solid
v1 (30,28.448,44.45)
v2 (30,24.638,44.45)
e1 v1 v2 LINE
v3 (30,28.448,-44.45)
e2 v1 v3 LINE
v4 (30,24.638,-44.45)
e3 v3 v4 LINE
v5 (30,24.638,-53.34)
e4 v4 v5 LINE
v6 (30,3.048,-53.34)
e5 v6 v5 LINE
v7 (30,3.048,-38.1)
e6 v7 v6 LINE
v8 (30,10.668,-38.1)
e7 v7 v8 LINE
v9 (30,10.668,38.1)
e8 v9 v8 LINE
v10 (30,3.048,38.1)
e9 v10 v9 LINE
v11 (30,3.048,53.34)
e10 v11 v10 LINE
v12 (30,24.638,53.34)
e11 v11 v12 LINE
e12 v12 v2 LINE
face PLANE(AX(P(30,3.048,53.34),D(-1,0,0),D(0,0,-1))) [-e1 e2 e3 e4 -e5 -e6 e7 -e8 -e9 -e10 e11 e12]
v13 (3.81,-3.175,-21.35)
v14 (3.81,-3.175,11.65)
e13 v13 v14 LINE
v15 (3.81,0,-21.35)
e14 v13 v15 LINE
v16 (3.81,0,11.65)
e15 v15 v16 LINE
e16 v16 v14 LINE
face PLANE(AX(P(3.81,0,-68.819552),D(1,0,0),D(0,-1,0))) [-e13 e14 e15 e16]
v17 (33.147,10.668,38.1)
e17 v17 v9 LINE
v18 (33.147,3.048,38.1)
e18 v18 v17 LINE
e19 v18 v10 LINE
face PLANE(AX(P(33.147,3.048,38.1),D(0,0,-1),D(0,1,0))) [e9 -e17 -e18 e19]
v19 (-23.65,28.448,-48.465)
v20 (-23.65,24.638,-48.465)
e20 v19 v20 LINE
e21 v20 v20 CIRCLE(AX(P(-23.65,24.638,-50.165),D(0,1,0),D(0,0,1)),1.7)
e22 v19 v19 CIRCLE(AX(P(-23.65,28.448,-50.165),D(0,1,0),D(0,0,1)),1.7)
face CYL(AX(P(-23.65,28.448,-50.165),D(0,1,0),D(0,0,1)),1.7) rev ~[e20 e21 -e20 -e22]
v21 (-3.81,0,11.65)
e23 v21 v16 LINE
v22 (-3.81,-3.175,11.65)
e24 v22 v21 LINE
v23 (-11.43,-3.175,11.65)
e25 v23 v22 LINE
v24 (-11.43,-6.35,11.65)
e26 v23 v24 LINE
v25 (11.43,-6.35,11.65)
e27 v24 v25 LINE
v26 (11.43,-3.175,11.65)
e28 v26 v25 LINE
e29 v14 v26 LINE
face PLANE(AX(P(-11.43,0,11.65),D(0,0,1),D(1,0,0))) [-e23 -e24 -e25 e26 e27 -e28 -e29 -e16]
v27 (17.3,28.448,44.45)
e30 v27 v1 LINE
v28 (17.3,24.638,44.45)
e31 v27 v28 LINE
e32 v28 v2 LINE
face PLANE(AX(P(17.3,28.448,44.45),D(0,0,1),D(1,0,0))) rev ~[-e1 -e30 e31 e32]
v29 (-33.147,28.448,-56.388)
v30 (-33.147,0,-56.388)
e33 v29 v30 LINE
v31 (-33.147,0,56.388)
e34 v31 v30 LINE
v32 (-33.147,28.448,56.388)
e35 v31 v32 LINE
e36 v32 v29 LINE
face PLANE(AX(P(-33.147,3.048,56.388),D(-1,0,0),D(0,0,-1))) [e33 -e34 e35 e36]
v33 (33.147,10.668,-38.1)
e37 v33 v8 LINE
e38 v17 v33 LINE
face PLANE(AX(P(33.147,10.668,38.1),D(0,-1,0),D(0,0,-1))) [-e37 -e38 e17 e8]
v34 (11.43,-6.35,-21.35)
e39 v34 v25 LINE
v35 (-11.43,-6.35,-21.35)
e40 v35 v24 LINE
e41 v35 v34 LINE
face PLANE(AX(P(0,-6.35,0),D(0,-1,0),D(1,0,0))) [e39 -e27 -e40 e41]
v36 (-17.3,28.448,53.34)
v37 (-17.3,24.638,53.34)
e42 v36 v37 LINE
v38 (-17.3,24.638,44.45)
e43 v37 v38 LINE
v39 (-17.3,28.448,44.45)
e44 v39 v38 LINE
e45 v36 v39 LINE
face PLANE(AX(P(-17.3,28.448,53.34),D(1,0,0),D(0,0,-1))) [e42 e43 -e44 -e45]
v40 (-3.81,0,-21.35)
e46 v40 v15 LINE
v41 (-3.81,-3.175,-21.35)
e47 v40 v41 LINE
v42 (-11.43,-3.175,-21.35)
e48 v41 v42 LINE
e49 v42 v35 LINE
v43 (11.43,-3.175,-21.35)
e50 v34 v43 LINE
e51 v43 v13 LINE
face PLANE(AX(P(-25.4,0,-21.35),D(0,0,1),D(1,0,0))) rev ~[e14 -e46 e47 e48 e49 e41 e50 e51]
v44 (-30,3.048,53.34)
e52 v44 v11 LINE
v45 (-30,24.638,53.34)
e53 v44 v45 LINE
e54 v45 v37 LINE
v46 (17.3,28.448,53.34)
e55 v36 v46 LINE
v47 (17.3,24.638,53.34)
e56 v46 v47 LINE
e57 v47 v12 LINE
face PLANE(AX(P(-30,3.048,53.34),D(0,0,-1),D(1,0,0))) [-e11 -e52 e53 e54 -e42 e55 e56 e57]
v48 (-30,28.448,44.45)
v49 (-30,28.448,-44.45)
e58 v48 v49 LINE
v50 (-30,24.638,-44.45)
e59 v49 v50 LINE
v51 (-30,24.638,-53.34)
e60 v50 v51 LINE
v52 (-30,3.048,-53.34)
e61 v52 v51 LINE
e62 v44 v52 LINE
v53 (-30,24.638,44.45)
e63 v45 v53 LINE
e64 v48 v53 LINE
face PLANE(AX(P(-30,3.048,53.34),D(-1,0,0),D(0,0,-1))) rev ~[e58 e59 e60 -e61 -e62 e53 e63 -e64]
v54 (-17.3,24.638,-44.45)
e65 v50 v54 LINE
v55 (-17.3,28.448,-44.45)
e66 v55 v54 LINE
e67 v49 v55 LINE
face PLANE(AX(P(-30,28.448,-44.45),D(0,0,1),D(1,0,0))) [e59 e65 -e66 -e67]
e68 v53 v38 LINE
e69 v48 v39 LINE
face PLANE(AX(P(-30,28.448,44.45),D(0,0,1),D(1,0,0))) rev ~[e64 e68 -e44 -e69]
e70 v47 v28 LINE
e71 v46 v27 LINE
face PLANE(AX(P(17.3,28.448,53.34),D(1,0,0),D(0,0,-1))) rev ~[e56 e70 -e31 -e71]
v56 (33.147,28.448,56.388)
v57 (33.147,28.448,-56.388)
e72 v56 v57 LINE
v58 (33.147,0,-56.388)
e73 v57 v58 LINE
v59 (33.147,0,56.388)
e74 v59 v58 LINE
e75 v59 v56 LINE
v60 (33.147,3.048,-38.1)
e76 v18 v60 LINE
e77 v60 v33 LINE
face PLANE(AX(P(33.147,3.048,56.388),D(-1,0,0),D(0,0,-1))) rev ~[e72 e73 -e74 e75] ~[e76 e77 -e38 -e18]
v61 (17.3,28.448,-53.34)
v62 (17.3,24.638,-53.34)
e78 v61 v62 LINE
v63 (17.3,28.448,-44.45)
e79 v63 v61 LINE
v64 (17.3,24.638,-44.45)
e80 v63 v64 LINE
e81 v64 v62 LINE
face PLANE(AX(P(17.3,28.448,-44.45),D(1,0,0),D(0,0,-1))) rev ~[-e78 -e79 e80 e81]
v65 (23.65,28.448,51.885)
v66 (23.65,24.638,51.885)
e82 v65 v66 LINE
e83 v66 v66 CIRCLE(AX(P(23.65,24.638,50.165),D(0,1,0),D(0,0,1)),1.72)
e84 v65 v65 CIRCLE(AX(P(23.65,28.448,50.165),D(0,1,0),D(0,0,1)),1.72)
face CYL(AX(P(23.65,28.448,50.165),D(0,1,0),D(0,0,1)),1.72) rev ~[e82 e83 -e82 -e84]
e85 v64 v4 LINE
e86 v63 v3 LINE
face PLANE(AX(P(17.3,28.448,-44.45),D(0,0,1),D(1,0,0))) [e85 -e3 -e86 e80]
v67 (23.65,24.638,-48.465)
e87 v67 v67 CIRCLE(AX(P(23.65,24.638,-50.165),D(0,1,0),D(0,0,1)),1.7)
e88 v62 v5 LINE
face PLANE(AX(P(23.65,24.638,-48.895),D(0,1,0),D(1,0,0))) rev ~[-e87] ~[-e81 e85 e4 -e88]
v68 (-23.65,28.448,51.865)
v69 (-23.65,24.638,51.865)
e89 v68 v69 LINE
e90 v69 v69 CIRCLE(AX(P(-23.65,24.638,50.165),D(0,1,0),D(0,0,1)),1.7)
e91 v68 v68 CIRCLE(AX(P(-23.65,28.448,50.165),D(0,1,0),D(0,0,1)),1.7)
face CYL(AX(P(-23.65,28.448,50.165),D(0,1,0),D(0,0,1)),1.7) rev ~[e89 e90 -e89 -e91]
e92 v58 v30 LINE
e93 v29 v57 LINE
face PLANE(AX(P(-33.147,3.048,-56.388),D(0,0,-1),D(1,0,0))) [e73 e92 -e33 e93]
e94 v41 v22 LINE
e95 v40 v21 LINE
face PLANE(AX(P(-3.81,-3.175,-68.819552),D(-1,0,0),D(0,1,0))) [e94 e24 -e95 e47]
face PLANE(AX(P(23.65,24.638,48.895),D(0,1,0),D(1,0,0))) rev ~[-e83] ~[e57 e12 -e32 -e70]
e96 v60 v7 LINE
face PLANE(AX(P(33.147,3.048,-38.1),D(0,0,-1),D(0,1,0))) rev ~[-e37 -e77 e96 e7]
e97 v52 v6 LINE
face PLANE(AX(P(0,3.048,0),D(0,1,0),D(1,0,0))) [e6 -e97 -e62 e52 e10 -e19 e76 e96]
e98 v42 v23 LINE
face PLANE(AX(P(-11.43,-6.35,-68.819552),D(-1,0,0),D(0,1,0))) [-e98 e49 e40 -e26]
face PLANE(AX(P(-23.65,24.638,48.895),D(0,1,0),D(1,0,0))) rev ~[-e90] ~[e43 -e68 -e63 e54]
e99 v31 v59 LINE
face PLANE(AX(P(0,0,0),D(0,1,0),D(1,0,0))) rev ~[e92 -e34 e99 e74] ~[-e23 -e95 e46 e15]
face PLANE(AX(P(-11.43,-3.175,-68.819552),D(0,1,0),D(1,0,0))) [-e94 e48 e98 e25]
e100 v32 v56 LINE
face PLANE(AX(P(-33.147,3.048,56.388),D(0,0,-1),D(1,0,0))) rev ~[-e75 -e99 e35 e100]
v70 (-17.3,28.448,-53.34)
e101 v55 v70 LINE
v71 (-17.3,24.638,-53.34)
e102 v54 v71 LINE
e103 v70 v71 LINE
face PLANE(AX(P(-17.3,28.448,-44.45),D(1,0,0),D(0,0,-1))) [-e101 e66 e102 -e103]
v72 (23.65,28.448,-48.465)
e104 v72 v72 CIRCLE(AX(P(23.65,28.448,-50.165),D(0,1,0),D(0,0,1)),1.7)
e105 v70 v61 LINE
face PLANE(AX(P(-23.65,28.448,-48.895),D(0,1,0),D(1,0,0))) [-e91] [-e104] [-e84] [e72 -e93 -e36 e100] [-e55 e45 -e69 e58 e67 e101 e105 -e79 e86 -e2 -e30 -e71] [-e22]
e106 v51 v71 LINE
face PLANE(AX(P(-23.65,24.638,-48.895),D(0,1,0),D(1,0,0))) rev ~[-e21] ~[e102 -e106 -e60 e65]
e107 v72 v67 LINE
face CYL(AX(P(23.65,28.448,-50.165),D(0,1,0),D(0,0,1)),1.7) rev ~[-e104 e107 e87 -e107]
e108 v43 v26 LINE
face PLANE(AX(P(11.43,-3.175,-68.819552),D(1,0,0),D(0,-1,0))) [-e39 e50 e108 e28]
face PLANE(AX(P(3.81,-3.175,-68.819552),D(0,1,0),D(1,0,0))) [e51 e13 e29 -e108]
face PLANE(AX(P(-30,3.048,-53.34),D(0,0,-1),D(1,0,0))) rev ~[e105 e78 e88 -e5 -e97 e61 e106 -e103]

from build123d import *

# Parameters (mm, degrees)
SKETCH1_W               = 66.294
SKETCH1_H               = 112.776
BOSS_EXTRUDE1_DEPTH     = 3.048
SKETCH2_W               = 66.294
SKETCH2_H               = 112.776
SKETCH2_W_2             = 60
SKETCH2_H_2             = 106.68
BOSS_EXTRUDE2_DEPTH     = 25.4
SKETCH3_W               = 12.7
SKETCH3_H               = 8.89
BOSS_EXTRUDE3_DEPTH     = 3.81
CUT_EXTRUDE1_REACH      = 93.563
SKETCH6_W               = 76.2
SKETCH6_H               = 7.62
SKETCH7_W               = 50.8
SKETCH7_H               = 42.7
BOSS_EXTRUDE4_DEPTH     = 6.35
CUT_EXTRUDE2_DEPTH      = 90.169551737
CUT_EXTRUDE2_DEPTH_BACK = 90.169551737
CUT_EXTRUDE3_START      = -6.35
SKETCH9_W               = 22.86
SKETCH9_H               = 9.7
CUT_EXTRUDE3_DEPTH      = 6.35
CUT_EXTRUDE4_REACH      = 76.089
SKETCH4_R               = 1.7
SKETCH4_R_2             = 1.72


with BuildPart() as part:
    # Sketch1 → Boss-Extrude1 (new body)
    with BuildSketch(Plane(origin=(0, 0, 0), x_dir=(1, 0, 0), z_dir=(0, 1, 0))):
        Rectangle(SKETCH1_W, SKETCH1_H)
    extrude(amount=BOSS_EXTRUDE1_DEPTH)

    # Sketch2 → Boss-Extrude2 (add)
    with BuildSketch(Plane(origin=(0, 3.048, 0), x_dir=(1, 0, 0), z_dir=(0, 1, 0))):
        Rectangle(SKETCH2_W, SKETCH2_H)
        Rectangle(SKETCH2_W_2, SKETCH2_H_2, mode=Mode.SUBTRACT)
    extrude(amount=BOSS_EXTRUDE2_DEPTH)

    # Sketch3 → Boss-Extrude3 (add)
    with BuildSketch(Plane(origin=(0, 28.448, 0), x_dir=(1, 0, 0), z_dir=(0, 1, 0))):
        with Locations((-23.65, 48.895)):
            Rectangle(SKETCH3_W, SKETCH3_H)
        with Locations((-23.65, -48.895)):
            Rectangle(SKETCH3_W, SKETCH3_H)
        with Locations((23.65, 48.895)):
            Rectangle(SKETCH3_W, SKETCH3_H)
        with Locations((23.65, -48.895)):
            Rectangle(SKETCH3_W, SKETCH3_H)
    extrude(amount=-BOSS_EXTRUDE3_DEPTH)

    # Sketch6 → Cut-Extrude1 (cut, up to next)
    with BuildSketch(Plane(origin=(33.147, 0, 0), x_dir=(0, 0, -1), z_dir=(1, 0, 0)), mode=Mode.PRIVATE) as cut_extrude1_sk1:
        with Locations((0, 6.858)):
            Rectangle(SKETCH6_W, SKETCH6_H)
    cut_extrude1_tool1 = extrude(cut_extrude1_sk1.sketch, amount=-CUT_EXTRUDE1_REACH, mode=Mode.PRIVATE) & part.part
    add(cut_extrude1_tool1.solids().sort_by_distance((33.147, 6.858, 0))[0], mode=Mode.SUBTRACT)

    # Sketch7 → Boss-Extrude4 (add)
    with BuildSketch(Plane.XZ):
        Rectangle(SKETCH7_W, SKETCH7_H)
    extrude(amount=BOSS_EXTRUDE4_DEPTH)

    # Sketch8 → Cut-Extrude2 (cut, two sides: drawn at the far end of the back side and taken through both)
    with BuildSketch(Plane.XY.offset(21.35).offset(-CUT_EXTRUDE2_DEPTH_BACK)):
        Polygon((-3.81, -3.175), (-3.81, 0), (-25.4, 0), (-25.4, -6.35), (-11.43, -6.35), (-11.43, -3.175), align=None)
        Polygon((25.4, 0), (3.81, 0), (3.81, -3.175), (11.43, -3.175), (11.43, -6.35), (25.4, -6.35), align=None)
    extrude(amount=CUT_EXTRUDE2_DEPTH + CUT_EXTRUDE2_DEPTH_BACK, mode=Mode.SUBTRACT)

    # Sketch9 → Cut-Extrude3 (cut)
    with BuildSketch(Plane.XZ.offset(6.35).offset(CUT_EXTRUDE3_START)):
        with Locations((0, 16.5)):
            Rectangle(SKETCH9_W, SKETCH9_H)
    extrude(amount=CUT_EXTRUDE3_DEPTH, mode=Mode.SUBTRACT)

    # Sketch4 → Cut-Extrude4 (cut, up to next)
    with BuildSketch(Plane(origin=(0, 28.448, 0), x_dir=(1, 0, 0), z_dir=(0, 1, 0)), mode=Mode.PRIVATE) as cut_extrude4_sk1:
        with Locations(Location((-23.65, 50.165, 0), (0, 0, 270))):
            Circle(SKETCH4_R)
    cut_extrude4_tool1 = extrude(cut_extrude4_sk1.sketch, amount=-CUT_EXTRUDE4_REACH, mode=Mode.PRIVATE) & part.part
    # Sketch4 → Cut-Extrude4 (cut, up to next)
    with BuildSketch(Plane(origin=(0, 28.448, 0), x_dir=(1, 0, 0), z_dir=(0, 1, 0)), mode=Mode.PRIVATE) as cut_extrude4_sk2:
        with Locations(Location((23.65, 50.165, 0), (0, 0, 270))):
            Circle(SKETCH4_R)
    cut_extrude4_tool2 = extrude(cut_extrude4_sk2.sketch, amount=-CUT_EXTRUDE4_REACH, mode=Mode.PRIVATE) & part.part
    # Sketch4 → Cut-Extrude4 (cut, up to next)
    with BuildSketch(Plane(origin=(0, 28.448, 0), x_dir=(1, 0, 0), z_dir=(0, 1, 0)), mode=Mode.PRIVATE) as cut_extrude4_sk3:
        with Locations(Location((23.65, -50.165, 0), (0, 0, 270))):
            Circle(SKETCH4_R_2)
    cut_extrude4_tool3 = extrude(cut_extrude4_sk3.sketch, amount=-CUT_EXTRUDE4_REACH, mode=Mode.PRIVATE) & part.part
    # Sketch4 → Cut-Extrude4 (cut, up to next)
    with BuildSketch(Plane(origin=(0, 28.448, 0), x_dir=(1, 0, 0), z_dir=(0, 1, 0)), mode=Mode.PRIVATE) as cut_extrude4_sk4:
        with Locations(Location((-23.65, -50.165, 0), (0, 0, 270))):
            Circle(SKETCH4_R)
    cut_extrude4_tool4 = extrude(cut_extrude4_sk4.sketch, amount=-CUT_EXTRUDE4_REACH, mode=Mode.PRIVATE) & part.part
    add(cut_extrude4_tool1.solids().sort_by_distance((-23.65, 28.448, -50.165))[0], mode=Mode.SUBTRACT)
    add(cut_extrude4_tool2.solids().sort_by_distance((23.65, 28.448, -50.165))[0], mode=Mode.SUBTRACT)
    add(cut_extrude4_tool3.solids().sort_by_distance((23.65, 28.448, 50.165))[0], mode=Mode.SUBTRACT)
    add(cut_extrude4_tool4.solids().sort_by_distance((-23.65, 28.448, 50.165))[0], mode=Mode.SUBTRACT)


solid = part.part
